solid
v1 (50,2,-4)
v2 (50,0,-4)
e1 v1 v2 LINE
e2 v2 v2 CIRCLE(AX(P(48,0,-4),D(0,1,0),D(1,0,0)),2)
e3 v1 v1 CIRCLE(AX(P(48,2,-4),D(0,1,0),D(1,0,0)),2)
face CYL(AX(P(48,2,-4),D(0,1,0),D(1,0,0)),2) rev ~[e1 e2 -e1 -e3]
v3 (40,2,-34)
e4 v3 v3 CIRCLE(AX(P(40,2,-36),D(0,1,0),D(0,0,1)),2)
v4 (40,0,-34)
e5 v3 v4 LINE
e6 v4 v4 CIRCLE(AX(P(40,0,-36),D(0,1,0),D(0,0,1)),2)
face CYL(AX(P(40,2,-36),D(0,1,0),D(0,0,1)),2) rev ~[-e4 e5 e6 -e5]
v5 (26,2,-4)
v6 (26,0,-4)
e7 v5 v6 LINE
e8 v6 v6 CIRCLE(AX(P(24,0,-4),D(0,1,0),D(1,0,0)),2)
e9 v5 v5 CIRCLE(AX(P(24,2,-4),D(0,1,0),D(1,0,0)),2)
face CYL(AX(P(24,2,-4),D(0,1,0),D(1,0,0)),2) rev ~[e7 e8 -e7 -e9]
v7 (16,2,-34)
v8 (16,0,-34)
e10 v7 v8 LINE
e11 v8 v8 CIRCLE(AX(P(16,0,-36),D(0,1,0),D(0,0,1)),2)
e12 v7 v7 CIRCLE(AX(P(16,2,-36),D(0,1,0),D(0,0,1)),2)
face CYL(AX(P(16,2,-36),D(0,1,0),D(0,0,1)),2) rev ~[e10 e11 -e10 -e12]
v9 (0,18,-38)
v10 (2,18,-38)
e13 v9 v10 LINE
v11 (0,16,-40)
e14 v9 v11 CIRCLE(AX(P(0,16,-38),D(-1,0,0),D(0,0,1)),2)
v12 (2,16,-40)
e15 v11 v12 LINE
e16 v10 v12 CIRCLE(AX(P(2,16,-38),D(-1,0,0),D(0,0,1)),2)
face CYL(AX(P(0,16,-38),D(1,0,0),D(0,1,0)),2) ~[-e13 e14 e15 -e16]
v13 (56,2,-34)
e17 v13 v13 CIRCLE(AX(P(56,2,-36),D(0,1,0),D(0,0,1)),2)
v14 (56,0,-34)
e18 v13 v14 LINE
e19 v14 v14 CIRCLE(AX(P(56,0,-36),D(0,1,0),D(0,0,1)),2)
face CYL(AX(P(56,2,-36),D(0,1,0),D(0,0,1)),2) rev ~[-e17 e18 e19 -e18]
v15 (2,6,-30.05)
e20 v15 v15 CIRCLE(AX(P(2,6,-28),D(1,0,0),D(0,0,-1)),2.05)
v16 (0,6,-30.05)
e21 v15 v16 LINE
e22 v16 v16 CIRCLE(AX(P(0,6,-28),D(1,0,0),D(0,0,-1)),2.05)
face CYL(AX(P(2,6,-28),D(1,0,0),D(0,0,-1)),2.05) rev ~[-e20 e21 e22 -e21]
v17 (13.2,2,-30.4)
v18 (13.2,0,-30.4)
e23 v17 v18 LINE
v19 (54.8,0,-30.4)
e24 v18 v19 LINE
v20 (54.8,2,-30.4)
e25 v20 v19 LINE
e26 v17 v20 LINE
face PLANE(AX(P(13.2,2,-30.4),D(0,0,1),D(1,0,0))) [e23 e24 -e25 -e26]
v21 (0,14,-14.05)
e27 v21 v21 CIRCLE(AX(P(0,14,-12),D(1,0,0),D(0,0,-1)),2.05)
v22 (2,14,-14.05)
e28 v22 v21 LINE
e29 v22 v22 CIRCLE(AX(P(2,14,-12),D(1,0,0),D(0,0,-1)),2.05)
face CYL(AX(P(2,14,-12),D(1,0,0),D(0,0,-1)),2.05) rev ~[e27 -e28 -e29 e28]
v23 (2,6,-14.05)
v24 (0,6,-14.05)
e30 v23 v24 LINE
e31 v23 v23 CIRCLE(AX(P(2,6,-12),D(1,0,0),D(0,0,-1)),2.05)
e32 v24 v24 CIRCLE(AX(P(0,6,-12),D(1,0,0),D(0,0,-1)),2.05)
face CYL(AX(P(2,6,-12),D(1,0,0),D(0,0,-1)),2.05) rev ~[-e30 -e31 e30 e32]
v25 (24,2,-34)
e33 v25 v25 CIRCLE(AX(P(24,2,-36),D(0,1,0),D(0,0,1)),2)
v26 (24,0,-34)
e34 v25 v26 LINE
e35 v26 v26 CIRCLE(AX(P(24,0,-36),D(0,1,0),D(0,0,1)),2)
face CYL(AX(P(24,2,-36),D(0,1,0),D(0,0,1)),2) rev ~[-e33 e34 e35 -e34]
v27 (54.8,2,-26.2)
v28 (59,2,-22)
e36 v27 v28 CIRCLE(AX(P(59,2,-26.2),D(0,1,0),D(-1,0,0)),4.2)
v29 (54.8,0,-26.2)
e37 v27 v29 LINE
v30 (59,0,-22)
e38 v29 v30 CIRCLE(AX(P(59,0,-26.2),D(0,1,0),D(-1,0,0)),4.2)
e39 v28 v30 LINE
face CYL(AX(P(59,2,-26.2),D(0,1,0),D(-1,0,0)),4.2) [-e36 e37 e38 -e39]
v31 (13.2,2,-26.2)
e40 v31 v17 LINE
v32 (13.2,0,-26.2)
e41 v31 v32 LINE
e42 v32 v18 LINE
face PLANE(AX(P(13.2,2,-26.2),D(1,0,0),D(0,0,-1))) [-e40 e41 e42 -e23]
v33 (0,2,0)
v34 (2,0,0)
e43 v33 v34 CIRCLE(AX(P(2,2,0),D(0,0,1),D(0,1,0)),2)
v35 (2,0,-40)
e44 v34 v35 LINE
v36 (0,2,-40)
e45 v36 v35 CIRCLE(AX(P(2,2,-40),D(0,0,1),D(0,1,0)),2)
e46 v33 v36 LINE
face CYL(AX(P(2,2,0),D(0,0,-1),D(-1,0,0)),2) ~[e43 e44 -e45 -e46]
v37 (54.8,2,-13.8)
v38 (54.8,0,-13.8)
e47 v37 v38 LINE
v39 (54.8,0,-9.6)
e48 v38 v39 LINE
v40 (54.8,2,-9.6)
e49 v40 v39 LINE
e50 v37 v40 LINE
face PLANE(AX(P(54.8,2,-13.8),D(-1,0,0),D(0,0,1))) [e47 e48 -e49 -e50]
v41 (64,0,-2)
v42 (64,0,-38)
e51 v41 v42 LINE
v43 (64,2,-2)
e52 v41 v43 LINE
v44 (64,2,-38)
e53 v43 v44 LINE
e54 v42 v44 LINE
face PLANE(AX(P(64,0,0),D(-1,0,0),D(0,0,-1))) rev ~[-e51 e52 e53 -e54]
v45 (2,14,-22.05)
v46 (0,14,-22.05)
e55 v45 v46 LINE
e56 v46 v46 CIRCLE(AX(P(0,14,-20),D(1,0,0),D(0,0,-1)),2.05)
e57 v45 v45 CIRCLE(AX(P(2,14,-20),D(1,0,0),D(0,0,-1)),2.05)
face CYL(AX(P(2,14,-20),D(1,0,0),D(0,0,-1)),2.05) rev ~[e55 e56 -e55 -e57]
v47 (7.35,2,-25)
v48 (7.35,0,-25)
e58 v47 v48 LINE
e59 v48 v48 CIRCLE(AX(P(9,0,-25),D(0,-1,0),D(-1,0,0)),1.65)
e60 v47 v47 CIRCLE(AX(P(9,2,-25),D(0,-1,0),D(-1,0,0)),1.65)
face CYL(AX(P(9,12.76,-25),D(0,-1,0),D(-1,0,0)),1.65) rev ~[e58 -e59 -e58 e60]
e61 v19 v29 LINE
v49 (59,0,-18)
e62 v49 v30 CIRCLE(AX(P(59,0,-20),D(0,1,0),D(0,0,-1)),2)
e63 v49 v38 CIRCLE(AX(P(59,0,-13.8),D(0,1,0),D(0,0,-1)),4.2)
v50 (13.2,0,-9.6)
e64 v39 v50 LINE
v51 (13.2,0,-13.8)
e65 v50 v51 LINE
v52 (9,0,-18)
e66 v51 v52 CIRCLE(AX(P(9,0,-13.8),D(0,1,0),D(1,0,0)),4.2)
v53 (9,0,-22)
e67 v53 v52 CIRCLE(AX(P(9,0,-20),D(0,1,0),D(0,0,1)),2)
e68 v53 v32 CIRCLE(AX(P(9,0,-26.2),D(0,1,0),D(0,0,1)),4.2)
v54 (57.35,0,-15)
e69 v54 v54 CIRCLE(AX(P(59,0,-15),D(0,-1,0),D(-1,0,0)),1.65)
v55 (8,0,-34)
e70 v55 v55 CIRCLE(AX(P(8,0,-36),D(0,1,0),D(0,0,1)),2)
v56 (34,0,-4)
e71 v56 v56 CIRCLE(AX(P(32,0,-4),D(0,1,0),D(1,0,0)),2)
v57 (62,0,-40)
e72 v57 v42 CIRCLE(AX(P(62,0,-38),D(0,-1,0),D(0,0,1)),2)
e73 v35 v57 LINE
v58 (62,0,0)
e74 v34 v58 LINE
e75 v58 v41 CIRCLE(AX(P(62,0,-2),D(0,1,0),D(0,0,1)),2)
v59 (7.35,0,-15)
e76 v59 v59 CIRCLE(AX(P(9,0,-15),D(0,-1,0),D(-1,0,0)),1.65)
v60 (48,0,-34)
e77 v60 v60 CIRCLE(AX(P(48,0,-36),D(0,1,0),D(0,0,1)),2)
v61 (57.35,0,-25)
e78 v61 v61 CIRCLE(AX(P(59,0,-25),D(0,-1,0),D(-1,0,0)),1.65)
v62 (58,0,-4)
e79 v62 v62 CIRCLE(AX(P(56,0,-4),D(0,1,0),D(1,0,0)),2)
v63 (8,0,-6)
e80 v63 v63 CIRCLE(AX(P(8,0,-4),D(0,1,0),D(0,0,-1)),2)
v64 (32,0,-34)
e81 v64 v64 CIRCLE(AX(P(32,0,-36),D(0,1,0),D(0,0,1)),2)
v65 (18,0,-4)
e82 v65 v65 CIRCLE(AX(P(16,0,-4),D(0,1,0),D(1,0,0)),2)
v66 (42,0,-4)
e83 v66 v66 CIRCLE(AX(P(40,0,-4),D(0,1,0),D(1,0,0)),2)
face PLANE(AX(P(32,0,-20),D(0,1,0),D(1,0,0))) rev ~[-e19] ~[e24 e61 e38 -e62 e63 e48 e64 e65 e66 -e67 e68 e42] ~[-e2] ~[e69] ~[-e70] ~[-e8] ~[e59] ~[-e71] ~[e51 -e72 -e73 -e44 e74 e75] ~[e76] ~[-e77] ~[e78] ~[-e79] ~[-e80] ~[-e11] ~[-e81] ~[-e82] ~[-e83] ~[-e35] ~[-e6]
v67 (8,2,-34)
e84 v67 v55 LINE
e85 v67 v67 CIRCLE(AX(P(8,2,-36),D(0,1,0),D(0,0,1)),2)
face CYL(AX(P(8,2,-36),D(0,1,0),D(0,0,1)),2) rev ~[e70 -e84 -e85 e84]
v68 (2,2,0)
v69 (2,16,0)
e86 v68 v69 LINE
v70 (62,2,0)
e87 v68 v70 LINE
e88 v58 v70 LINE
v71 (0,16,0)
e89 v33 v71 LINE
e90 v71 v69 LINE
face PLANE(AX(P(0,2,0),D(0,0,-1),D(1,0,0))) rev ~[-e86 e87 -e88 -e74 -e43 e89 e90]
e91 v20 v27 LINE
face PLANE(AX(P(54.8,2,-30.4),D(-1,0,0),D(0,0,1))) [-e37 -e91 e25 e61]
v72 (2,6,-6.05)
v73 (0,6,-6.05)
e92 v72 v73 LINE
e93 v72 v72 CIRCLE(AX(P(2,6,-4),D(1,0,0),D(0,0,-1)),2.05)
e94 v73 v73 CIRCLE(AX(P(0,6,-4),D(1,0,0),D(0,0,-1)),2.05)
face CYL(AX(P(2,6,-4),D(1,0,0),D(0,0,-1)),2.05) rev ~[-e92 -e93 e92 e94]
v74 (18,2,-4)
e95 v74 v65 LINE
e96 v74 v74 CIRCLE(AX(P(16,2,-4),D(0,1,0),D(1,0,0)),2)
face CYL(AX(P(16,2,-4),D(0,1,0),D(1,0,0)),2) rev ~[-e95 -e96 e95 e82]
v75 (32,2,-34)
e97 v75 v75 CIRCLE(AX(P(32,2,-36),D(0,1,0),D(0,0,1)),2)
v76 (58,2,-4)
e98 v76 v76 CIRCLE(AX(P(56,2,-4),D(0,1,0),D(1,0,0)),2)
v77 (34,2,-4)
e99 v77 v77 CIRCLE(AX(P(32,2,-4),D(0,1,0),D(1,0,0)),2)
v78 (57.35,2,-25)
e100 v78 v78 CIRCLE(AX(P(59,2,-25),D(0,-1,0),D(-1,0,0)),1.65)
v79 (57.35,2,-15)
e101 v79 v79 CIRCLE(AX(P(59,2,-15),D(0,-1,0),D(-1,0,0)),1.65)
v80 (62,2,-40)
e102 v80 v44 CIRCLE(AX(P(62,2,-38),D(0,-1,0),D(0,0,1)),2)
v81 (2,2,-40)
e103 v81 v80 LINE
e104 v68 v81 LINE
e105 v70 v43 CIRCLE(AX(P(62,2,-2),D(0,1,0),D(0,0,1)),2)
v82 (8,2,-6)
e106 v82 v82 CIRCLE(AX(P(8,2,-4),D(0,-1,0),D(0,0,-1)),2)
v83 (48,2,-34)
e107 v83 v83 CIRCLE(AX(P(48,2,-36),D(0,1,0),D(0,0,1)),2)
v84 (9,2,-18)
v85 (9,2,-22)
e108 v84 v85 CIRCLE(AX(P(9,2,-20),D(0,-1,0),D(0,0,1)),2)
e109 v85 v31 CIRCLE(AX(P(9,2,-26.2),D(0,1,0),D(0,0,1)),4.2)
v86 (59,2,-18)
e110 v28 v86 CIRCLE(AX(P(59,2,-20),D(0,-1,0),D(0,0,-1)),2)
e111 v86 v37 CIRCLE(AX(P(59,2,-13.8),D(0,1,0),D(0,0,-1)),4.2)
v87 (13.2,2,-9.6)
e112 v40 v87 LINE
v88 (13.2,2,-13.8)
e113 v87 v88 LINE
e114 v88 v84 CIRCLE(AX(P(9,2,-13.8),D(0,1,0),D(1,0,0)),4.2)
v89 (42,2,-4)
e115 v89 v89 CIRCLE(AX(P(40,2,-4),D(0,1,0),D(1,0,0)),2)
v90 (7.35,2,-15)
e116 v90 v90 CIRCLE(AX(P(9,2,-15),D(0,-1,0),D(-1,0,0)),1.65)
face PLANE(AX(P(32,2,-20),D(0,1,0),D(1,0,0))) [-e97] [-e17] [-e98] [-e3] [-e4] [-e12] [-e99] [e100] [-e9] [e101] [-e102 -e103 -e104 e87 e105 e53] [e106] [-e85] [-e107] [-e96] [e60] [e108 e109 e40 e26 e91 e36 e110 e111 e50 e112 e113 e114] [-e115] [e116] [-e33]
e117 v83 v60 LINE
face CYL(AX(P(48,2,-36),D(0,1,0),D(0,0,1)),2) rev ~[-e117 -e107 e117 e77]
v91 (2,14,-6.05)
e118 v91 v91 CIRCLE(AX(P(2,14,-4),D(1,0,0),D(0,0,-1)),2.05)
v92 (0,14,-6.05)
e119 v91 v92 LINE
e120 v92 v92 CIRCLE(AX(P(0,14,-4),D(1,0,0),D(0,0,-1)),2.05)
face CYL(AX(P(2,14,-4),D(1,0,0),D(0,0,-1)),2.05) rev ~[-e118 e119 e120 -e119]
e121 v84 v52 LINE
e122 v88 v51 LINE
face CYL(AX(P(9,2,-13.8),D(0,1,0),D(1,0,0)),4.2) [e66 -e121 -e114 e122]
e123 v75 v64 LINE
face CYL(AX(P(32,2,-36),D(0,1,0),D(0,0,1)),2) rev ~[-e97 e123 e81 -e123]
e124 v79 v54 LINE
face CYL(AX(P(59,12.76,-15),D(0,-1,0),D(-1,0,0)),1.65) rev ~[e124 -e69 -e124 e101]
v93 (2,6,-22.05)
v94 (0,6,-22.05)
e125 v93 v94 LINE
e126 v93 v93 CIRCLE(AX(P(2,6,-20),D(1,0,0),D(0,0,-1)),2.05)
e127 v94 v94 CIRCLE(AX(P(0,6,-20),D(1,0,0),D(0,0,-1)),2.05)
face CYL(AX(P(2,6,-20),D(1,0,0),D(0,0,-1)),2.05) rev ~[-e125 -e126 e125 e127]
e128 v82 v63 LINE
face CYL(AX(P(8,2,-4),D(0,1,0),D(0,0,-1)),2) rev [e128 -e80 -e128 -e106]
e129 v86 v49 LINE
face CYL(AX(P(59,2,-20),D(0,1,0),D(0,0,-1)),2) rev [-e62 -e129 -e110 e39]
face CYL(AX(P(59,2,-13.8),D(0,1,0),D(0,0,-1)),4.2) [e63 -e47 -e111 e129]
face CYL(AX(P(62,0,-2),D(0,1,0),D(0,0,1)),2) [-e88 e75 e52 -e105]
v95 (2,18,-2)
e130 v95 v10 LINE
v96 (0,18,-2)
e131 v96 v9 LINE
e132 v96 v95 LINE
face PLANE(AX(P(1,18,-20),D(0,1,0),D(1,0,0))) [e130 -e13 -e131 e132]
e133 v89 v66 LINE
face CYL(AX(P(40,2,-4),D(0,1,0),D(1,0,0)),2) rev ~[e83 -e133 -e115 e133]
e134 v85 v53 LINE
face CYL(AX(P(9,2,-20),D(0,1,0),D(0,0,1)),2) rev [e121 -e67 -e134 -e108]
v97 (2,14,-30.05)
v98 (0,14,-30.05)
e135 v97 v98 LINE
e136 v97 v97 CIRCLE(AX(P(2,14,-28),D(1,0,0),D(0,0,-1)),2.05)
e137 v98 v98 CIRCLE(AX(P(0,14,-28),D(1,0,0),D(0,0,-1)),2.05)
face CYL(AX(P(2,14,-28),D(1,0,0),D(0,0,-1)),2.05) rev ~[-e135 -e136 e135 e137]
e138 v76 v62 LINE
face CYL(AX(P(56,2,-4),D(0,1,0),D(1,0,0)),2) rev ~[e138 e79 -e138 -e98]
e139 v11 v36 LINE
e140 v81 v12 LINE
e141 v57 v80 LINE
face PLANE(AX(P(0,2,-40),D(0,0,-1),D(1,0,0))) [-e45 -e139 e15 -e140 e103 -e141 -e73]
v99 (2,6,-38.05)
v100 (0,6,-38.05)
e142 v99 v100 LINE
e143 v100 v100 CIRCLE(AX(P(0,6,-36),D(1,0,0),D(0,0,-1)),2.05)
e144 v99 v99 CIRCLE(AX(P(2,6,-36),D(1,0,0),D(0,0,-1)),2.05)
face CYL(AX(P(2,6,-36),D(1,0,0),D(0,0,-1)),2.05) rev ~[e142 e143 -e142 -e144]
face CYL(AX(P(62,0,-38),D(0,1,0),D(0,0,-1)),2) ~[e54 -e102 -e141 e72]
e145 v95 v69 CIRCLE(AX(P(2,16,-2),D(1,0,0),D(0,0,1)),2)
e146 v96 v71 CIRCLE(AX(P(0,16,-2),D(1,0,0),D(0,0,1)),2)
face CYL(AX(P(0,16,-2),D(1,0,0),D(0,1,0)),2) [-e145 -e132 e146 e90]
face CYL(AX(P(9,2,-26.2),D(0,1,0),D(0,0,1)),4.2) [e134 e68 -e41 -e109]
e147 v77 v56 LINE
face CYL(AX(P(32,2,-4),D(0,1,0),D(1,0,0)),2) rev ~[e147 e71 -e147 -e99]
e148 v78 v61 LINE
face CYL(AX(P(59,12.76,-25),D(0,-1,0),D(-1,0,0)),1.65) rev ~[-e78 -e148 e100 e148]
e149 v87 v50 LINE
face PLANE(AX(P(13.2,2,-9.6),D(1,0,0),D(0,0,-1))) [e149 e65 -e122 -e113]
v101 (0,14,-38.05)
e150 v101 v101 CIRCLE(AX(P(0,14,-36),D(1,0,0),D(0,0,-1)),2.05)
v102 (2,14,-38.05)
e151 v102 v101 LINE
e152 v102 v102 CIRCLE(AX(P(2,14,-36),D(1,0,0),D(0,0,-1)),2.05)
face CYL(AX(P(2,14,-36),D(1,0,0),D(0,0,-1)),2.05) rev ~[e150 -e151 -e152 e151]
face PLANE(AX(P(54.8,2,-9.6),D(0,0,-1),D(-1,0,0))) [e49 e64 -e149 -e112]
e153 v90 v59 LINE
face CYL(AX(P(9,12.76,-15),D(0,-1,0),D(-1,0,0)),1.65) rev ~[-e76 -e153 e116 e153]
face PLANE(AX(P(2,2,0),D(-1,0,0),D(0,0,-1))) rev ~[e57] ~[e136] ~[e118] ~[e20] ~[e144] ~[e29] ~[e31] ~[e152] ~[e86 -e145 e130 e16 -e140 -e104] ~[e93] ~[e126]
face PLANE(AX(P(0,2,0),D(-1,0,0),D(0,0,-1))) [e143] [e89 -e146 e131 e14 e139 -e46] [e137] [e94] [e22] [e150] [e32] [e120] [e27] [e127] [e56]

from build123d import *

# Parameters (mm, degrees)
SKETCH1_W                       = 64
SKETCH1_H                       = 40
BOSS_EXTRUDE1_DEPTH             = 2
SKETCH2_W                       = 2
SKETCH2_H                       = 40
BOSS_EXTRUDE2_DEPTH             = 16
SKETCH3_R                       = 2
CUT_EXTRUDE1_DEPTH              = 78.149206088
LPATTERN1_COUNT                 = 7
LPATTERN1_PITCH                 = 8
MIRROR1_COPY_1_SKETCH_R         = 2
MIRROR1_COPY_1_DEPTH            = 78.149206088
MIRROR1_COPY_2_SKETCH_R         = 2
MIRROR1_COPY_2_DEPTH            = 78.149206088
MIRROR1_COPY_3_SKETCH_R         = 2
MIRROR1_COPY_3_DEPTH            = 78.149206088
MIRROR1_COPY_4_SKETCH_R         = 2
MIRROR1_COPY_4_DEPTH            = 78.149206088
MIRROR1_COPY_5_SKETCH_R         = 2
MIRROR1_COPY_5_DEPTH            = 78.149206088
MIRROR1_COPY_6_SKETCH_R         = 2
MIRROR1_COPY_6_DEPTH            = 78.149206088
CUT_EXTRUDE2_DEPTH              = 78.149206088
TAP_DRILL_FOR_M4X0_7_TAP1_D     = 3.3
TAP_DRILL_FOR_M4X0_7_TAP1_DEPTH = 10.76
SKETCH7_R                       = 2.05
CUT_EXTRUDE3_DEPTH              = 76.947350184
LPATTERN2_COUNT                 = 5
LPATTERN2_PITCH                 = 8
LPATTERN2_COUNT_DIR2            = 2
LPATTERN2_PITCH_DIR2            = 8
FILLET1_R                       = 2


with BuildPart() as part:
    # Sketch1 → Boss-Extrude1 (new body)
    with BuildSketch(Plane(origin=(0, 0, 0), x_dir=(1, 0, 0), z_dir=(0, 1, 0))):
        with Locations((32, 20)):
            Rectangle(SKETCH1_W, SKETCH1_H)
    extrude(amount=BOSS_EXTRUDE1_DEPTH)

    # Sketch2 → Boss-Extrude2 (add)
    with BuildSketch(Plane(origin=(0, 2, 0), x_dir=(1, 0, 0), z_dir=(0, 1, 0))):
        with Locations((1, 20)):
            Rectangle(SKETCH2_W, SKETCH2_H)
    extrude(amount=BOSS_EXTRUDE2_DEPTH)

    # Sketch3 → Cut-Extrude1 (cut, through all)
    with BuildSketch(Plane(origin=(0, 2, 0), x_dir=(1, 0, 0), z_dir=(0, 1, 0))):
        with Locations(Location((8, 36, 0), (0, 0, 270))):
            Circle(SKETCH3_R)
    cut_extrude1 = extrude(amount=-CUT_EXTRUDE1_DEPTH, mode=Mode.SUBTRACT)

    # LPattern1: Cut-Extrude1 ×7
    with Locations(*[(i * LPATTERN1_PITCH, 0, 0) for i in range(1, LPATTERN1_COUNT)]):
        add(cut_extrude1, mode=Mode.SUBTRACT)

    # Mirror1: Cut-Extrude1 across plane
    add(cut_extrude1.mirror(Plane(origin=(0, 0, -20), x_dir=(1, 0, 0), z_dir=(0, 0, -1))), mode=Mode.SUBTRACT)

    # Mirror1 copy 1 sketch → Mirror1 copy 1 (cut, through all)
    with BuildSketch(Plane(origin=(8, 2, -40), x_dir=(1, 0, 0), z_dir=(0, 1, 0))):
        with Locations((8, -36)):
            Circle(MIRROR1_COPY_1_SKETCH_R)
    extrude(amount=-MIRROR1_COPY_1_DEPTH, mode=Mode.SUBTRACT)

    # Mirror1 copy 2 sketch → Mirror1 copy 2 (cut, through all)
    with BuildSketch(Plane(origin=(16, 2, -40), x_dir=(1, 0, 0), z_dir=(0, 1, 0))):
        with Locations((8, -36)):
            Circle(MIRROR1_COPY_2_SKETCH_R)
    extrude(amount=-MIRROR1_COPY_2_DEPTH, mode=Mode.SUBTRACT)

    # Mirror1 copy 3 sketch → Mirror1 copy 3 (cut, through all)
    with BuildSketch(Plane(origin=(24, 2, -40), x_dir=(1, 0, 0), z_dir=(0, 1, 0))):
        with Locations((8, -36)):
            Circle(MIRROR1_COPY_3_SKETCH_R)
    extrude(amount=-MIRROR1_COPY_3_DEPTH, mode=Mode.SUBTRACT)

    # Mirror1 copy 4 sketch → Mirror1 copy 4 (cut, through all)
    with BuildSketch(Plane(origin=(32, 2, -40), x_dir=(1, 0, 0), z_dir=(0, 1, 0))):
        with Locations((8, -36)):
            Circle(MIRROR1_COPY_4_SKETCH_R)
    extrude(amount=-MIRROR1_COPY_4_DEPTH, mode=Mode.SUBTRACT)

    # Mirror1 copy 5 sketch → Mirror1 copy 5 (cut, through all)
    with BuildSketch(Plane(origin=(40, 2, -40), x_dir=(1, 0, 0), z_dir=(0, 1, 0))):
        with Locations((8, -36)):
            Circle(MIRROR1_COPY_5_SKETCH_R)
    extrude(amount=-MIRROR1_COPY_5_DEPTH, mode=Mode.SUBTRACT)

    # Mirror1 copy 6 sketch → Mirror1 copy 6 (cut, through all)
    with BuildSketch(Plane(origin=(48, 2, -40), x_dir=(1, 0, 0), z_dir=(0, 1, 0))):
        with Locations((8, -36)):
            Circle(MIRROR1_COPY_6_SKETCH_R)
    extrude(amount=-MIRROR1_COPY_6_DEPTH, mode=Mode.SUBTRACT)

    # Sketch4 → Cut-Extrude2 (cut, through all)
    with BuildSketch(Plane(origin=(0, 2, 0), x_dir=(1, 0, 0), z_dir=(0, 1, 0))):
        with BuildLine():
            Line((13.2, 30.4), (54.8, 30.4))
            Line((54.8, 30.4), (54.8, 26.2))
            ThreePointArc((54.8, 26.2), (56.030151519, 23.230151519), (59, 22))
            ThreePointArc((59, 22), (61, 20), (59, 18))
            ThreePointArc((59, 18), (56.030151519, 16.769848481), (54.8, 13.8))
            Line((54.8, 13.8), (54.8, 9.6))
            Line((54.8, 9.6), (13.2, 9.6))
            Line((13.2, 9.6), (13.2, 13.8))
            ThreePointArc((13.2, 13.8), (11.969848481, 16.769848481), (9, 18))
            ThreePointArc((9, 18), (7, 20), (9, 22))
            ThreePointArc((9, 22), (11.969848481, 23.230151519), (13.2, 26.2))
            Line((13.2, 26.2), (13.2, 30.4))
        make_face()
    extrude(amount=-CUT_EXTRUDE2_DEPTH, mode=Mode.SUBTRACT)

    # Tap Drill for M4x0.7 Tap1
    with Locations(Plane(origin=(0, 2, 0), x_dir=(1, 0, 0), z_dir=(0, 1, 0))):
        with Locations((9, 25), (9, 15), (59, 15), (59, 25)):
            Hole(TAP_DRILL_FOR_M4X0_7_TAP1_D / 2, depth=TAP_DRILL_FOR_M4X0_7_TAP1_DEPTH)

    # Sketch7 → Cut-Extrude3 (cut, through all)
    with BuildSketch(Plane(origin=(2, 0, 0), x_dir=(0, 0, -1), z_dir=(1, 0, 0))):
        with Locations((4, 14)):
            Circle(SKETCH7_R)
    cut_extrude3 = extrude(amount=-CUT_EXTRUDE3_DEPTH, mode=Mode.SUBTRACT)

    # LPattern2: Cut-Extrude3 5 × 2
    with Locations(*[(0, -j * LPATTERN2_PITCH_DIR2, -i * LPATTERN2_PITCH) for i in range(LPATTERN2_COUNT) for j in range(LPATTERN2_COUNT_DIR2) if (i, j) != (0, 0)]):
        add(cut_extrude3, mode=Mode.SUBTRACT)

    # Fillet1
    fillet1_edges = [part.edges().sort_by_distance(p)[0] for p in [
        (1, 18, 0),
        (1, 18, -40),
        (0, 0, -20),
        (64, 1, -40),
        (64, 1, 0),
    ]]
    fillet(fillet1_edges, radius=FILLET1_R)


solid = part.part
